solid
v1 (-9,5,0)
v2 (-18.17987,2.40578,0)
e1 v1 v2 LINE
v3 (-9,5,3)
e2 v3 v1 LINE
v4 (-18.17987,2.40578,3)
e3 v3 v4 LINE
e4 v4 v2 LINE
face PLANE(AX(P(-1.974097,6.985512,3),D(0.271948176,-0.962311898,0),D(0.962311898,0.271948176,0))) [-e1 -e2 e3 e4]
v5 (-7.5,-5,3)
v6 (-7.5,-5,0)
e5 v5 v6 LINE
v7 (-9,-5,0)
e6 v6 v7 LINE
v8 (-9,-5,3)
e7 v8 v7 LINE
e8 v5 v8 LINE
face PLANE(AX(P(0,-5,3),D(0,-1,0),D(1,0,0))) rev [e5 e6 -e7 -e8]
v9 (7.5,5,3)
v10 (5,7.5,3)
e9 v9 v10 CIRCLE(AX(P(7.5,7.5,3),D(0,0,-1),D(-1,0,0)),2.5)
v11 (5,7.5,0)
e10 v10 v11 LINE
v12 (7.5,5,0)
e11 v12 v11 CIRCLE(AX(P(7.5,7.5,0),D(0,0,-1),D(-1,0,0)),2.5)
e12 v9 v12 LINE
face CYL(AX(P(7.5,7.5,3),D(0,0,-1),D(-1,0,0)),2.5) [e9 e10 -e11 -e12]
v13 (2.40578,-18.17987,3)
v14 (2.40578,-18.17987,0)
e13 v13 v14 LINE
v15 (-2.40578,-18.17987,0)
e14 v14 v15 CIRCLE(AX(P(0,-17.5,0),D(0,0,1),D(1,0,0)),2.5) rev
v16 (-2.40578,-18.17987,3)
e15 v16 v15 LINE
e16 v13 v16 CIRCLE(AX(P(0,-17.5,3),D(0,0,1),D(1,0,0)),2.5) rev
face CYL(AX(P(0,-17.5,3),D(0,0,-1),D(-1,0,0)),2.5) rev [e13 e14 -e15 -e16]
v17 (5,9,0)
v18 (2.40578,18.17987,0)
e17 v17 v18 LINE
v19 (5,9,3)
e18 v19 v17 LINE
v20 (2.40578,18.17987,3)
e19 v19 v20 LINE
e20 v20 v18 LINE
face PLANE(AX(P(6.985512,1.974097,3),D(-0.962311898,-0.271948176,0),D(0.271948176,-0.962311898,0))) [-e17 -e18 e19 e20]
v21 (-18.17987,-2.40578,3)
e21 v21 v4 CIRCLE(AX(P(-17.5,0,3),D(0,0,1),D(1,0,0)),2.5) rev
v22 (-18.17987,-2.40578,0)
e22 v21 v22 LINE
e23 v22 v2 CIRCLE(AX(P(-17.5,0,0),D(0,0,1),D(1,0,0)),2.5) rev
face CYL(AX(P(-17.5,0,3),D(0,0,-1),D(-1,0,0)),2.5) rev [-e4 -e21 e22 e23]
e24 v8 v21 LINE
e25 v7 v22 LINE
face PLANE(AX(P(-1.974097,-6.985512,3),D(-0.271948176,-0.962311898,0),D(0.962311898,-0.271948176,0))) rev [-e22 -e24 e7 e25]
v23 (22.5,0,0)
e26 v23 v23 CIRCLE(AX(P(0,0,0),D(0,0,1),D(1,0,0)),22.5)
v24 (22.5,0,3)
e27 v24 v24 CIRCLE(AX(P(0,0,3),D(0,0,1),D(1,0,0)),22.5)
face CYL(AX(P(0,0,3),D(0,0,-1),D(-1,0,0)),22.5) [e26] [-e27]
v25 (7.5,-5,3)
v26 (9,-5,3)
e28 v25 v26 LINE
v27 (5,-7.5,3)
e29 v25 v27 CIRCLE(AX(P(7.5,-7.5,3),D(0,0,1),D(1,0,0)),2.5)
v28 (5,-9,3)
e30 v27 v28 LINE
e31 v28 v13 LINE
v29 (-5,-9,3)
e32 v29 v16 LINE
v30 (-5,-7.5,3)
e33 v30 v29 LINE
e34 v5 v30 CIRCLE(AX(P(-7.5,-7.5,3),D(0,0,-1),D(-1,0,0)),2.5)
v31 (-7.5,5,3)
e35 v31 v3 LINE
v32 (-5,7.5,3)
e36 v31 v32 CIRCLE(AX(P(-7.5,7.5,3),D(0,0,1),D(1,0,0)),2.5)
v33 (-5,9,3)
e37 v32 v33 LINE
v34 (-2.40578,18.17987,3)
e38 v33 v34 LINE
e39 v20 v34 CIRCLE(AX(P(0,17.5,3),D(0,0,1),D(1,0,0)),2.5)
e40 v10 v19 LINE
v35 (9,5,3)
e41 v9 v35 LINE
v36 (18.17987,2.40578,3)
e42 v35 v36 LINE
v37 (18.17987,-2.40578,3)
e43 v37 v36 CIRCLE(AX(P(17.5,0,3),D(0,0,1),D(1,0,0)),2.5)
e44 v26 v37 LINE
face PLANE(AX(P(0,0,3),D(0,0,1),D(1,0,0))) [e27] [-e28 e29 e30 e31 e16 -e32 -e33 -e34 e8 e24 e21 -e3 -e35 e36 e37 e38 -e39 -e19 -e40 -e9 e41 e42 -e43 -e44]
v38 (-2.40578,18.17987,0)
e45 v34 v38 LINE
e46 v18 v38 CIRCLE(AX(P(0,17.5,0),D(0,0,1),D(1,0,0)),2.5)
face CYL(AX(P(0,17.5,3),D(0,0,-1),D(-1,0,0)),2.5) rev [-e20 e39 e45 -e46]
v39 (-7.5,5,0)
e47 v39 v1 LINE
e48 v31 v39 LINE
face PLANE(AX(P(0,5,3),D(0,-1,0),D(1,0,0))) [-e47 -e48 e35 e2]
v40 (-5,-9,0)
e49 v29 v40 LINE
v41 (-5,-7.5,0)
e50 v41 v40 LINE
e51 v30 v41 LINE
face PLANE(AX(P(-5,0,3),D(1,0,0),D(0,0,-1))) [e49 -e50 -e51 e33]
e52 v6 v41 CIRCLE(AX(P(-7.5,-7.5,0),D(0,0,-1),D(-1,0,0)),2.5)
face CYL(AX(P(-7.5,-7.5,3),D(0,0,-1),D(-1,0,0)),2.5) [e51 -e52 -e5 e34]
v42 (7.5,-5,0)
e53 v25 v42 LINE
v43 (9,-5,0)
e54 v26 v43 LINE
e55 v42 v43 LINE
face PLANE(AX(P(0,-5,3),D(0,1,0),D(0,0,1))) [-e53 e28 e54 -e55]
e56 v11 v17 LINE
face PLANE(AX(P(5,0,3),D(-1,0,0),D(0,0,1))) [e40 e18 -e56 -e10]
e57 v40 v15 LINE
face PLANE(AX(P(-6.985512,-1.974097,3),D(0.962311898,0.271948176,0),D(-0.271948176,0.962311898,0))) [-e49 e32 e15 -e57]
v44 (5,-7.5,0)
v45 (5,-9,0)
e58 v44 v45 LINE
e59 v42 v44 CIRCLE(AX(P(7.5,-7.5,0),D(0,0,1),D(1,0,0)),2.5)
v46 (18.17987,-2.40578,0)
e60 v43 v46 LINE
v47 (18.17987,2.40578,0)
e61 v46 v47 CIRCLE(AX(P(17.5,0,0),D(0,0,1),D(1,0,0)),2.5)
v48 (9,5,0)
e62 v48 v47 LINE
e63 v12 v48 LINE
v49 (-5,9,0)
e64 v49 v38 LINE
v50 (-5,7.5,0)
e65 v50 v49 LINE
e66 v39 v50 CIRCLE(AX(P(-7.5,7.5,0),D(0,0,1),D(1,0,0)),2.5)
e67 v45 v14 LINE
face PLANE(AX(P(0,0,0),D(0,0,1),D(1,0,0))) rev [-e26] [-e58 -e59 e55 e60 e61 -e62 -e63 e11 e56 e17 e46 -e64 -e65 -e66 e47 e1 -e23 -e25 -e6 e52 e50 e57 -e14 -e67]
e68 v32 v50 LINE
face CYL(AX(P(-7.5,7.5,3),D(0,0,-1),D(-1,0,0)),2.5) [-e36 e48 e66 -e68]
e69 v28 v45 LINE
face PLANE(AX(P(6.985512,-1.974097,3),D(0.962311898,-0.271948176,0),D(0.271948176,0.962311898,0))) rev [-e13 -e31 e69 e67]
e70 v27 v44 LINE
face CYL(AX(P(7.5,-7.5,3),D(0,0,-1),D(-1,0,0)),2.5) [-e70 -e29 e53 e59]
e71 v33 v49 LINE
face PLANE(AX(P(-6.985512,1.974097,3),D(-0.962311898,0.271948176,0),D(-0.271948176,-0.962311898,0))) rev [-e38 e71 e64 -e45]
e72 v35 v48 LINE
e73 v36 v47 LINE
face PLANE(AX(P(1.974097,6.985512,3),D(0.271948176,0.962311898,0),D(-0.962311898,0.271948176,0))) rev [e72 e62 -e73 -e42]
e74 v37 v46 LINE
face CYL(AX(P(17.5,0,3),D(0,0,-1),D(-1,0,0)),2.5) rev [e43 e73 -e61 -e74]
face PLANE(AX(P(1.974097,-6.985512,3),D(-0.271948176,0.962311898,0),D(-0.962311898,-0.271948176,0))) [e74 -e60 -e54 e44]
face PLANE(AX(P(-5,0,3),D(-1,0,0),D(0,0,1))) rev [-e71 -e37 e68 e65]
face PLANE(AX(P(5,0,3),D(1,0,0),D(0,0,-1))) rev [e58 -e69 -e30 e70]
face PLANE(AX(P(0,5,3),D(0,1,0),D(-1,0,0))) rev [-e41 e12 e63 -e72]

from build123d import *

# Parameters (mm, degrees)
SKETCH1_R           = 2.5
SKETCH1_W           = 57
SKETCH1_H           = 22.5
BOSS_EXTRUDE1_DEPTH = 3
CUT_EXTRUDE1_DEPTH  = 83.677082677


with BuildPart() as part:
    # Sketch1 → Boss-Extrude1 (new body)
    # profile 1 of 8: a face of its own
    with BuildSketch(Plane.XY):
        with BuildLine():
            ThreePointArc((22.5, 0), (15.909902577, 15.909902577), (0, 22.5))
            Line((0, 22.5), (-22.5, 0))
            Line((-22.5, 0), (-22.124973736, -4.090909091))
            ThreePointArc((-22.124973736, -4.090909091), (2.054031517, -22.406047276), (22.5, 0))
        make_face()
        with BuildLine():
            ThreePointArc((-7.5, 5), (-9.267766953, 9.267766953), (-5, 7.5))
            Line((-5, 7.5), (-5, 9))
            Line((-5, 9), (-2.405779746, 18.179870439))
            ThreePointArc((-2.405779746, 18.179870439), (0, 20), (2.405779746, 18.179870439))
            Line((2.405779746, 18.179870439), (5, 9))
            Line((5, 9), (5, 7.5))
            ThreePointArc((5, 7.5), (7.5, 10), (10, 7.5))
            ThreePointArc((10, 7.5), (9.267766953, 5.732233047), (7.5, 5))
            Line((7.5, 5), (9, 5))
            Line((9, 5), (18.179870439, 2.405779746))
            ThreePointArc((18.179870439, 2.405779746), (19.493699588, 1.508363998), (20, 0))
            ThreePointArc((20, 0), (19.493699588, -1.508363998), (18.179870439, -2.405779746))
            Line((18.179870439, -2.405779746), (9, -5))
            Line((9, -5), (7.5, -5))
            ThreePointArc((7.5, -5), (9.267766953, -5.732233047), (10, -7.5))
            ThreePointArc((10, -7.5), (7.5, -10), (5, -7.5))
            Line((5, -7.5), (5, -9))
            Line((5, -9), (2.405779746, -18.179870439))
            ThreePointArc((2.405779746, -18.179870439), (0, -20), (-2.405779746, -18.179870439))
            Line((-2.405779746, -18.179870439), (-5, -9))
            Line((-5, -9), (-5, -7.5))
            ThreePointArc((-5, -7.5), (-9.267766953, -9.267766953), (-7.5, -5))
            Line((-7.5, -5), (-9, -5))
            Line((-9, -5), (-18.179870439, -2.405779746))
            ThreePointArc((-18.179870439, -2.405779746), (-20, 0), (-18.179870439, 2.405779746))
            Line((-18.179870439, 2.405779746), (-9, 5))
            Line((-9, 5), (-7.5, 5))
        make_face(mode=Mode.SUBTRACT)
    # profile 2 of 8: a face of its own
    with BuildSketch(Plane.XY):
        with Locations((-7.5, 7.5)):
            Circle(SKETCH1_R)
    # profile 3 of 8: a face of its own
    with BuildSketch(Plane.XY):
        with Locations((7.5, 7.5)):
            Circle(SKETCH1_R)
    # profile 4 of 8: a face of its own
    with BuildSketch(Plane.XY):
        with Locations((7.5, -7.5)):
            Circle(SKETCH1_R)
    # profile 5 of 8: a face of its own
    with BuildSketch(Plane.XY):
        with Locations((-7.5, -7.5)):
            Circle(SKETCH1_R)
    # profile 6 of 8: a face of its own
    with BuildSketch(Plane.XY):
        Polygon((-22.5, 22.5), (0, 22.5), (-22.5, 0), align=None)
    # profile 7 of 8: a face of its own
    with BuildSketch(Plane.XY):
        with Locations((-51, 11.25)):
            Rectangle(SKETCH1_W, SKETCH1_H)
    # profile 8 of 8: a face of its own
    with BuildSketch(Plane.XY):
        with BuildLine():
            Line((-22.5, 0), (-22.124973736, -4.090909091))
            ThreePointArc((-22.124973736, -4.090909091), (-23.843623821, -1.156469426), (-27.041634566, 0))
            Line((-27.041634566, 0), (-22.5, 0))
        make_face()
    extrude(amount=BOSS_EXTRUDE1_DEPTH)

    # Sketch4 → Cut-Extrude1 (cut, through all)
    with BuildSketch(Plane.XY.offset(3)):
        with BuildLine():
            Line((-79.5, 22.5), (0, 22.5))
            ThreePointArc((0, 22.5), (-17.295887583, 14.391048354), (-22.124973736, -4.090909091))
            ThreePointArc((-22.124973736, -4.090909091), (-23.843623821, -1.156469426), (-27.041634566, 0))
            Line((-27.041634566, 0), (-79.5, 0))
            Line((-79.5, 0), (-79.5, 22.5))
        make_face()
    extrude(amount=-CUT_EXTRUDE1_DEPTH, mode=Mode.SUBTRACT)


solid = part.part
